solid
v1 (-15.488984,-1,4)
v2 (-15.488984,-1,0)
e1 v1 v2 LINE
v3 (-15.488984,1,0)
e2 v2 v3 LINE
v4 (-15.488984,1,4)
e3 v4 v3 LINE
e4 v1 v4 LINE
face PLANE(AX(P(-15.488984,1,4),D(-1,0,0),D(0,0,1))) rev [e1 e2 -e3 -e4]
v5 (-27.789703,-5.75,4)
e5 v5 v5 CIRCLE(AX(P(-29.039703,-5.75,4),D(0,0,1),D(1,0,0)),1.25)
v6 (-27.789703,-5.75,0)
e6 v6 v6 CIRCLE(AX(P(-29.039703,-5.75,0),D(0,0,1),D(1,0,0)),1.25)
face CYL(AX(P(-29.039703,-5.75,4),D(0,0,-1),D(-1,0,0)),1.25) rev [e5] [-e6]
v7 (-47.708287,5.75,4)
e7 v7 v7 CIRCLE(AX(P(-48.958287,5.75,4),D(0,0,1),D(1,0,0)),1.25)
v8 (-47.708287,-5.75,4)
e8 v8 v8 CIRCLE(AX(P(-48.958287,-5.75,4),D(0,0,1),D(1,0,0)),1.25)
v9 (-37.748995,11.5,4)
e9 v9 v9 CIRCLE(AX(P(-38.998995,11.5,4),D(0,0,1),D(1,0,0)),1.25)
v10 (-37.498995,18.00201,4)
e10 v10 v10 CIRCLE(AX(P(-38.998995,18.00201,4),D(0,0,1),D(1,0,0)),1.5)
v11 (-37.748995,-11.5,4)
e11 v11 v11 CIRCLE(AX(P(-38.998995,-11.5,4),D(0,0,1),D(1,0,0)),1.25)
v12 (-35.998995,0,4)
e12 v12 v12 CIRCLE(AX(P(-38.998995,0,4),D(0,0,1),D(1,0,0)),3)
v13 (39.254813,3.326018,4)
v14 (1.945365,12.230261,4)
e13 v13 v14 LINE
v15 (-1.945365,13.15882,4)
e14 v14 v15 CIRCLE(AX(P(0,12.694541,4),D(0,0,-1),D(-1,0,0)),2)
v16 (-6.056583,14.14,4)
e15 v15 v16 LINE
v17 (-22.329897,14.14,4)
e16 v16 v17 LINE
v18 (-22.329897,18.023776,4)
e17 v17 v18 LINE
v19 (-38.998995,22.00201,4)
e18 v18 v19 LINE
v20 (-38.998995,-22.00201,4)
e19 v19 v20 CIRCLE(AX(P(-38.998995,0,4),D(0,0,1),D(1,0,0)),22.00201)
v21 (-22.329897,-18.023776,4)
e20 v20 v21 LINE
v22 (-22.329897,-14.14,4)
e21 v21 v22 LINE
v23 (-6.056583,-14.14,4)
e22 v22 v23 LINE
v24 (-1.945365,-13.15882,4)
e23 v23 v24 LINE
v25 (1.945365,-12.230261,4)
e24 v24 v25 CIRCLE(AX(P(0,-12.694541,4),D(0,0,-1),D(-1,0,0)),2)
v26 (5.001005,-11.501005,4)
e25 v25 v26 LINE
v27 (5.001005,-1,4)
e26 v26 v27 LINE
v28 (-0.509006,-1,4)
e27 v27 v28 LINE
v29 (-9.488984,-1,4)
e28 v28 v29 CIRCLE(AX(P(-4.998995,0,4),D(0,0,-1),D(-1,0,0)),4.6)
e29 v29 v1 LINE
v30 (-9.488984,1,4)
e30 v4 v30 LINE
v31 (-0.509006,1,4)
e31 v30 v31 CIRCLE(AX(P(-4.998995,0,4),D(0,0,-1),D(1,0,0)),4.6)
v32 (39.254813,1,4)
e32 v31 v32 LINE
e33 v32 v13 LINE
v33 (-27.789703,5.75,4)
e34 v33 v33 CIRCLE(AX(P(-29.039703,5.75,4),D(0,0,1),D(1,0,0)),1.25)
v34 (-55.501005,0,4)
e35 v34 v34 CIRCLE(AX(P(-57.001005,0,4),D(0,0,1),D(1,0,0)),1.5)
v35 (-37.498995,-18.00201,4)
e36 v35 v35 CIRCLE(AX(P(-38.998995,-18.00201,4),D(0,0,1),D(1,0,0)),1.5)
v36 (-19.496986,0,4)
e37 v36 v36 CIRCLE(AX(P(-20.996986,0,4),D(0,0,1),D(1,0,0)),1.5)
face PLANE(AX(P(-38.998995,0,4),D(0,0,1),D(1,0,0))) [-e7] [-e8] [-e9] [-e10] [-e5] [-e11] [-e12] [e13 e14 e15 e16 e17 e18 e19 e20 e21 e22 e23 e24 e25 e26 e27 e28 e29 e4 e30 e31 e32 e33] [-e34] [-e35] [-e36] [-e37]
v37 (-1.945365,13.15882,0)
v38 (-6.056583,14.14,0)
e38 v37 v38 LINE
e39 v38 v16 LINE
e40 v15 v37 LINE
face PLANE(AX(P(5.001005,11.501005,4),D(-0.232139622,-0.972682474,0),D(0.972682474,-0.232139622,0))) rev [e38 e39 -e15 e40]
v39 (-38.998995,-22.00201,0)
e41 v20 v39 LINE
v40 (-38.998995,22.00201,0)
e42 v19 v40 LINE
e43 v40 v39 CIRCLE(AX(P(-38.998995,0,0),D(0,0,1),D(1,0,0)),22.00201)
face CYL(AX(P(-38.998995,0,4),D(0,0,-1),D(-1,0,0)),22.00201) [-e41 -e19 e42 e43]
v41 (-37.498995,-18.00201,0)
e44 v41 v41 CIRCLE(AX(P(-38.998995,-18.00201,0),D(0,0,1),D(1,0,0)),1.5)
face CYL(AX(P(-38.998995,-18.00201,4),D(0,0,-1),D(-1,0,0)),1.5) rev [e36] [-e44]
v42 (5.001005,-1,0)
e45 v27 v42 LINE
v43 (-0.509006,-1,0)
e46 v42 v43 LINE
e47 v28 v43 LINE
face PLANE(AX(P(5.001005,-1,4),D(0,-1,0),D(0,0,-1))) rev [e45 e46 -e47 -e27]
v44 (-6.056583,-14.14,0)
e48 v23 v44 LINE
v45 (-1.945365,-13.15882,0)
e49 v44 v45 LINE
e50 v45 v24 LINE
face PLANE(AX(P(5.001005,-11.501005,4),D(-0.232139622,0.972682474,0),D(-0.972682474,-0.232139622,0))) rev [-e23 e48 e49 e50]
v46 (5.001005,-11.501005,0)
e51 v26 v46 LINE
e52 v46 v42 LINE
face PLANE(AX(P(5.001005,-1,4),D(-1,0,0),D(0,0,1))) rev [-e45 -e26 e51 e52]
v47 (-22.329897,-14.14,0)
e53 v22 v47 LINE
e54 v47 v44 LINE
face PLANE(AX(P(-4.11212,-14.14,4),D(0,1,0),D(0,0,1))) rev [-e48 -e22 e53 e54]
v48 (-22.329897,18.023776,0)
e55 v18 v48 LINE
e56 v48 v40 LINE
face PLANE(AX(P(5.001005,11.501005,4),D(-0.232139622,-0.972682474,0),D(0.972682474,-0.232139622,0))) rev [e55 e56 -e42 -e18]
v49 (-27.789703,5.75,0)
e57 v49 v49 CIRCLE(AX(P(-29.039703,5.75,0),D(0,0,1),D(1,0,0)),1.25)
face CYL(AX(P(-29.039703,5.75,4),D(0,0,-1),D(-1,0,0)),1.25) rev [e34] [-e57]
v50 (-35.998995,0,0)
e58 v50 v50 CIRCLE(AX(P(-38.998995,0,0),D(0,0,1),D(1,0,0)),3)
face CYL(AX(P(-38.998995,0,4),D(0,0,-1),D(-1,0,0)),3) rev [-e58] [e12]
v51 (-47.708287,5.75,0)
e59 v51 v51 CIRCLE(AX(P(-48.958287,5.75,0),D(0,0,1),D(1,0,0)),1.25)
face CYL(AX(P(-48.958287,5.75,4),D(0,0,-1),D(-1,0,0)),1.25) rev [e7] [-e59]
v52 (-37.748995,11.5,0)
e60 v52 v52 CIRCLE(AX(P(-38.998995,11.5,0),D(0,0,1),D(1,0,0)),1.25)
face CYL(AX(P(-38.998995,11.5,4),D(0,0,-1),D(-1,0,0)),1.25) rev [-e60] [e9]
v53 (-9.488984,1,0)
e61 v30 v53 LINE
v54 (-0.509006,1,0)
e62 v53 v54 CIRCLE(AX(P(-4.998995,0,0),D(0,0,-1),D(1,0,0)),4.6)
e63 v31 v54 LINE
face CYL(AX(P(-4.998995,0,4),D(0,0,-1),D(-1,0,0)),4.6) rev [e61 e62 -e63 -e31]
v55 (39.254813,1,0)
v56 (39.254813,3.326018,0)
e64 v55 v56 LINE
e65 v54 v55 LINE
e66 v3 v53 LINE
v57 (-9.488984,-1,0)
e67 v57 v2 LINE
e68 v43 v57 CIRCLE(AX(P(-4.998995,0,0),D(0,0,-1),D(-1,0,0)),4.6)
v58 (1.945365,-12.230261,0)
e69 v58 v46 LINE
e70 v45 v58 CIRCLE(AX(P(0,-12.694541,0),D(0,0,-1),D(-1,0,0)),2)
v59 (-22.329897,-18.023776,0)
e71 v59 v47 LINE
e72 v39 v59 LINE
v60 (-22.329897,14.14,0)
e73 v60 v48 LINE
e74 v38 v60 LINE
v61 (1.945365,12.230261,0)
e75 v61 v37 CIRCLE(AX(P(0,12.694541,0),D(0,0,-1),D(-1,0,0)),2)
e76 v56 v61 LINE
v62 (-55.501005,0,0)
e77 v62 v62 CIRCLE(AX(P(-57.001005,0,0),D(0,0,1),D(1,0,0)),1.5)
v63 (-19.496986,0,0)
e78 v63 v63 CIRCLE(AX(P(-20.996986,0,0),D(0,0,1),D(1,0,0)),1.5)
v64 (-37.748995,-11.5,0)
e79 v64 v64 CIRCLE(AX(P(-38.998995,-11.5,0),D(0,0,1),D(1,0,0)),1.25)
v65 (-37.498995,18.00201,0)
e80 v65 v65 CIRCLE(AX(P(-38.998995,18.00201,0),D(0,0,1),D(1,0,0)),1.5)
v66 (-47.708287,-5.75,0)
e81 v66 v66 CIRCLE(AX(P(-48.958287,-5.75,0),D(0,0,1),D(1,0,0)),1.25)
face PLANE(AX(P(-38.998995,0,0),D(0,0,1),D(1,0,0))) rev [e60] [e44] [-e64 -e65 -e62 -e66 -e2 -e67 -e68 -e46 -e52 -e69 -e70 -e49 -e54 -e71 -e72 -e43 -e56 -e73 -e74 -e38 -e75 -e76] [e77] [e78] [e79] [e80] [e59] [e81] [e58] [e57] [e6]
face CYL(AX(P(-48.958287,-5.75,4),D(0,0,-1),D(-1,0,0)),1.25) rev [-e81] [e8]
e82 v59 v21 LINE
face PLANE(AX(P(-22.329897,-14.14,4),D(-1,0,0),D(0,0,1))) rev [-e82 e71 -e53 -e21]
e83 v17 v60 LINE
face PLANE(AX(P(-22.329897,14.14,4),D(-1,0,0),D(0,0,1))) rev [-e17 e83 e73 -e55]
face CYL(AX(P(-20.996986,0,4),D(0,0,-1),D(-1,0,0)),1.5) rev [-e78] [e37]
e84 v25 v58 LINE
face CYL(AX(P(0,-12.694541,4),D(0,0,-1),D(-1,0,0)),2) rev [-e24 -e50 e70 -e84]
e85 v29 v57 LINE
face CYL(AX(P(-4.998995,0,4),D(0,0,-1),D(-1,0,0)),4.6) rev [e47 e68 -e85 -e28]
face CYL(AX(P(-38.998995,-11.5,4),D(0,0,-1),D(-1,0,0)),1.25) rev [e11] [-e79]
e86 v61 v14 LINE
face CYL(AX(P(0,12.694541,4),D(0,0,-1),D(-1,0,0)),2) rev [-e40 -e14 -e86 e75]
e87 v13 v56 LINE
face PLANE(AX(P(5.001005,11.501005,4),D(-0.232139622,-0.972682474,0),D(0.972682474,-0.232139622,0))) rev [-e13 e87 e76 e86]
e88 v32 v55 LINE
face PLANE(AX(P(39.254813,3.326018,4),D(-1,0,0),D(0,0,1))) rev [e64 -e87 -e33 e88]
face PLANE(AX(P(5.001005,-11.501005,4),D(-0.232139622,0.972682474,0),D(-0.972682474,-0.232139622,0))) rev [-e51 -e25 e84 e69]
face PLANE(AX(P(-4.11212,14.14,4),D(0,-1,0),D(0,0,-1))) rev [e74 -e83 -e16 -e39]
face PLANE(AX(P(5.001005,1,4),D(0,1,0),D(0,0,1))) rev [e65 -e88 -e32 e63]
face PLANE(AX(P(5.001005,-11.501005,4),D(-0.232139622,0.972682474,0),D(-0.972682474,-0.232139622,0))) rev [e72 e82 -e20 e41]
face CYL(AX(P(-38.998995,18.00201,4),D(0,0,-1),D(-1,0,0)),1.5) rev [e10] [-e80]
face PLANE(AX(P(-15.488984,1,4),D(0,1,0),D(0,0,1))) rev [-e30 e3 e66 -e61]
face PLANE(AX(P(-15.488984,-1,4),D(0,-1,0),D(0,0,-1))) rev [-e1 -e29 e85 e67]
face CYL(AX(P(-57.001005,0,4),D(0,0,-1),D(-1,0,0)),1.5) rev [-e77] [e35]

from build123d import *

# Parameters (mm, degrees)
SKETCH_1_R          = 3
SKETCH_1_R_2        = 1.25
SKETCH_1_R_3        = 1.5
EXTRUDE_1_DEPTH     = 4
SKETCH_2_R          = 2
SKETCH_2_W          = 18.21777686
SKETCH_2_H          = 14.090430323
CUT_EXTRUDE_1_DEPTH = 4


with BuildPart() as part:
    # 草图1 → 凸台-拉伸1 (new body)
    with BuildSketch(Plane.XY):
        with BuildLine():
            Line((-15.488984032, 1), (-9.488984032, 1))
            ThreePointArc((-9.488984032, 1), (-4.998995168, 4.6), (-0.509006304, 1))
            Line((-0.509006304, 1), (5.001004832, 1))
            Line((5.001004832, 1), (39.254812875, 1))
            Line((39.254812875, 1), (39.254812875, 3.326018382))
            Line((39.254812875, 3.326018382), (5.001004832, 11.501004832))
            Line((5.001004832, 11.501004832), (-38.998995168, 22.002009663))
            ThreePointArc((-38.998995168, 22.002009663), (-61.001004832, 0), (-38.998995168, -22.002009663))
            Line((-38.998995168, -22.002009663), (5.001004832, -11.501004832))
            Line((5.001004832, -11.501004832), (5.001004832, -1))
            Line((5.001004832, -1), (-0.509006304, -1))
            ThreePointArc((-0.509006304, -1), (-4.998995168, -4.6), (-9.488984032, -1))
            Line((-9.488984032, -1), (-15.488984032, -1))
            Line((-15.488984032, -1), (-15.488984032, 1))
        make_face()
        with Locations((-38.998995168, 0)):
            Circle(SKETCH_1_R, mode=Mode.SUBTRACT)
        with Locations((-38.998995168, -11.5)):
            Circle(SKETCH_1_R_2, mode=Mode.SUBTRACT)
        with Locations((-48.958287312, -5.75)):
            Circle(SKETCH_1_R_2, mode=Mode.SUBTRACT)
        with Locations((-48.958287312, 5.75)):
            Circle(SKETCH_1_R_2, mode=Mode.SUBTRACT)
        with Locations((-38.998995168, 11.5)):
            Circle(SKETCH_1_R_2, mode=Mode.SUBTRACT)
        with Locations((-29.039703025, 5.75)):
            Circle(SKETCH_1_R_2, mode=Mode.SUBTRACT)
        with Locations((-29.039703025, -5.75)):
            Circle(SKETCH_1_R_2, mode=Mode.SUBTRACT)
        with Locations((-38.998995168, -18.002009663)):
            Circle(SKETCH_1_R_3, mode=Mode.SUBTRACT)
        with Locations((-38.998995168, 18.002009663)):
            Circle(SKETCH_1_R_3, mode=Mode.SUBTRACT)
        with Locations((-57.001004832, 0)):
            Circle(SKETCH_1_R_3, mode=Mode.SUBTRACT)
        with Locations((-20.996985505, 0)):
            Circle(SKETCH_1_R_3, mode=Mode.SUBTRACT)
    extrude(amount=EXTRUDE_1_DEPTH)

    # 草图2 → 切除-拉伸1 (cut)
    with BuildSketch(Plane(origin=(0, 0, 0), x_dir=(-1, 0, 0), z_dir=(0, 0, -1))):
        with Locations((0, 12.694540648)):
            Circle(SKETCH_2_R)
        with Locations((0, -12.694540648)):
            Circle(SKETCH_2_R)
        with Locations((13.221008307, 21.185215162)):
            Rectangle(SKETCH_2_W, SKETCH_2_H)
        with Locations((13.221008307, -21.185215162)):
            Rectangle(SKETCH_2_W, SKETCH_2_H)
    extrude(amount=-CUT_EXTRUDE_1_DEPTH, mode=Mode.SUBTRACT)


solid = part.part
